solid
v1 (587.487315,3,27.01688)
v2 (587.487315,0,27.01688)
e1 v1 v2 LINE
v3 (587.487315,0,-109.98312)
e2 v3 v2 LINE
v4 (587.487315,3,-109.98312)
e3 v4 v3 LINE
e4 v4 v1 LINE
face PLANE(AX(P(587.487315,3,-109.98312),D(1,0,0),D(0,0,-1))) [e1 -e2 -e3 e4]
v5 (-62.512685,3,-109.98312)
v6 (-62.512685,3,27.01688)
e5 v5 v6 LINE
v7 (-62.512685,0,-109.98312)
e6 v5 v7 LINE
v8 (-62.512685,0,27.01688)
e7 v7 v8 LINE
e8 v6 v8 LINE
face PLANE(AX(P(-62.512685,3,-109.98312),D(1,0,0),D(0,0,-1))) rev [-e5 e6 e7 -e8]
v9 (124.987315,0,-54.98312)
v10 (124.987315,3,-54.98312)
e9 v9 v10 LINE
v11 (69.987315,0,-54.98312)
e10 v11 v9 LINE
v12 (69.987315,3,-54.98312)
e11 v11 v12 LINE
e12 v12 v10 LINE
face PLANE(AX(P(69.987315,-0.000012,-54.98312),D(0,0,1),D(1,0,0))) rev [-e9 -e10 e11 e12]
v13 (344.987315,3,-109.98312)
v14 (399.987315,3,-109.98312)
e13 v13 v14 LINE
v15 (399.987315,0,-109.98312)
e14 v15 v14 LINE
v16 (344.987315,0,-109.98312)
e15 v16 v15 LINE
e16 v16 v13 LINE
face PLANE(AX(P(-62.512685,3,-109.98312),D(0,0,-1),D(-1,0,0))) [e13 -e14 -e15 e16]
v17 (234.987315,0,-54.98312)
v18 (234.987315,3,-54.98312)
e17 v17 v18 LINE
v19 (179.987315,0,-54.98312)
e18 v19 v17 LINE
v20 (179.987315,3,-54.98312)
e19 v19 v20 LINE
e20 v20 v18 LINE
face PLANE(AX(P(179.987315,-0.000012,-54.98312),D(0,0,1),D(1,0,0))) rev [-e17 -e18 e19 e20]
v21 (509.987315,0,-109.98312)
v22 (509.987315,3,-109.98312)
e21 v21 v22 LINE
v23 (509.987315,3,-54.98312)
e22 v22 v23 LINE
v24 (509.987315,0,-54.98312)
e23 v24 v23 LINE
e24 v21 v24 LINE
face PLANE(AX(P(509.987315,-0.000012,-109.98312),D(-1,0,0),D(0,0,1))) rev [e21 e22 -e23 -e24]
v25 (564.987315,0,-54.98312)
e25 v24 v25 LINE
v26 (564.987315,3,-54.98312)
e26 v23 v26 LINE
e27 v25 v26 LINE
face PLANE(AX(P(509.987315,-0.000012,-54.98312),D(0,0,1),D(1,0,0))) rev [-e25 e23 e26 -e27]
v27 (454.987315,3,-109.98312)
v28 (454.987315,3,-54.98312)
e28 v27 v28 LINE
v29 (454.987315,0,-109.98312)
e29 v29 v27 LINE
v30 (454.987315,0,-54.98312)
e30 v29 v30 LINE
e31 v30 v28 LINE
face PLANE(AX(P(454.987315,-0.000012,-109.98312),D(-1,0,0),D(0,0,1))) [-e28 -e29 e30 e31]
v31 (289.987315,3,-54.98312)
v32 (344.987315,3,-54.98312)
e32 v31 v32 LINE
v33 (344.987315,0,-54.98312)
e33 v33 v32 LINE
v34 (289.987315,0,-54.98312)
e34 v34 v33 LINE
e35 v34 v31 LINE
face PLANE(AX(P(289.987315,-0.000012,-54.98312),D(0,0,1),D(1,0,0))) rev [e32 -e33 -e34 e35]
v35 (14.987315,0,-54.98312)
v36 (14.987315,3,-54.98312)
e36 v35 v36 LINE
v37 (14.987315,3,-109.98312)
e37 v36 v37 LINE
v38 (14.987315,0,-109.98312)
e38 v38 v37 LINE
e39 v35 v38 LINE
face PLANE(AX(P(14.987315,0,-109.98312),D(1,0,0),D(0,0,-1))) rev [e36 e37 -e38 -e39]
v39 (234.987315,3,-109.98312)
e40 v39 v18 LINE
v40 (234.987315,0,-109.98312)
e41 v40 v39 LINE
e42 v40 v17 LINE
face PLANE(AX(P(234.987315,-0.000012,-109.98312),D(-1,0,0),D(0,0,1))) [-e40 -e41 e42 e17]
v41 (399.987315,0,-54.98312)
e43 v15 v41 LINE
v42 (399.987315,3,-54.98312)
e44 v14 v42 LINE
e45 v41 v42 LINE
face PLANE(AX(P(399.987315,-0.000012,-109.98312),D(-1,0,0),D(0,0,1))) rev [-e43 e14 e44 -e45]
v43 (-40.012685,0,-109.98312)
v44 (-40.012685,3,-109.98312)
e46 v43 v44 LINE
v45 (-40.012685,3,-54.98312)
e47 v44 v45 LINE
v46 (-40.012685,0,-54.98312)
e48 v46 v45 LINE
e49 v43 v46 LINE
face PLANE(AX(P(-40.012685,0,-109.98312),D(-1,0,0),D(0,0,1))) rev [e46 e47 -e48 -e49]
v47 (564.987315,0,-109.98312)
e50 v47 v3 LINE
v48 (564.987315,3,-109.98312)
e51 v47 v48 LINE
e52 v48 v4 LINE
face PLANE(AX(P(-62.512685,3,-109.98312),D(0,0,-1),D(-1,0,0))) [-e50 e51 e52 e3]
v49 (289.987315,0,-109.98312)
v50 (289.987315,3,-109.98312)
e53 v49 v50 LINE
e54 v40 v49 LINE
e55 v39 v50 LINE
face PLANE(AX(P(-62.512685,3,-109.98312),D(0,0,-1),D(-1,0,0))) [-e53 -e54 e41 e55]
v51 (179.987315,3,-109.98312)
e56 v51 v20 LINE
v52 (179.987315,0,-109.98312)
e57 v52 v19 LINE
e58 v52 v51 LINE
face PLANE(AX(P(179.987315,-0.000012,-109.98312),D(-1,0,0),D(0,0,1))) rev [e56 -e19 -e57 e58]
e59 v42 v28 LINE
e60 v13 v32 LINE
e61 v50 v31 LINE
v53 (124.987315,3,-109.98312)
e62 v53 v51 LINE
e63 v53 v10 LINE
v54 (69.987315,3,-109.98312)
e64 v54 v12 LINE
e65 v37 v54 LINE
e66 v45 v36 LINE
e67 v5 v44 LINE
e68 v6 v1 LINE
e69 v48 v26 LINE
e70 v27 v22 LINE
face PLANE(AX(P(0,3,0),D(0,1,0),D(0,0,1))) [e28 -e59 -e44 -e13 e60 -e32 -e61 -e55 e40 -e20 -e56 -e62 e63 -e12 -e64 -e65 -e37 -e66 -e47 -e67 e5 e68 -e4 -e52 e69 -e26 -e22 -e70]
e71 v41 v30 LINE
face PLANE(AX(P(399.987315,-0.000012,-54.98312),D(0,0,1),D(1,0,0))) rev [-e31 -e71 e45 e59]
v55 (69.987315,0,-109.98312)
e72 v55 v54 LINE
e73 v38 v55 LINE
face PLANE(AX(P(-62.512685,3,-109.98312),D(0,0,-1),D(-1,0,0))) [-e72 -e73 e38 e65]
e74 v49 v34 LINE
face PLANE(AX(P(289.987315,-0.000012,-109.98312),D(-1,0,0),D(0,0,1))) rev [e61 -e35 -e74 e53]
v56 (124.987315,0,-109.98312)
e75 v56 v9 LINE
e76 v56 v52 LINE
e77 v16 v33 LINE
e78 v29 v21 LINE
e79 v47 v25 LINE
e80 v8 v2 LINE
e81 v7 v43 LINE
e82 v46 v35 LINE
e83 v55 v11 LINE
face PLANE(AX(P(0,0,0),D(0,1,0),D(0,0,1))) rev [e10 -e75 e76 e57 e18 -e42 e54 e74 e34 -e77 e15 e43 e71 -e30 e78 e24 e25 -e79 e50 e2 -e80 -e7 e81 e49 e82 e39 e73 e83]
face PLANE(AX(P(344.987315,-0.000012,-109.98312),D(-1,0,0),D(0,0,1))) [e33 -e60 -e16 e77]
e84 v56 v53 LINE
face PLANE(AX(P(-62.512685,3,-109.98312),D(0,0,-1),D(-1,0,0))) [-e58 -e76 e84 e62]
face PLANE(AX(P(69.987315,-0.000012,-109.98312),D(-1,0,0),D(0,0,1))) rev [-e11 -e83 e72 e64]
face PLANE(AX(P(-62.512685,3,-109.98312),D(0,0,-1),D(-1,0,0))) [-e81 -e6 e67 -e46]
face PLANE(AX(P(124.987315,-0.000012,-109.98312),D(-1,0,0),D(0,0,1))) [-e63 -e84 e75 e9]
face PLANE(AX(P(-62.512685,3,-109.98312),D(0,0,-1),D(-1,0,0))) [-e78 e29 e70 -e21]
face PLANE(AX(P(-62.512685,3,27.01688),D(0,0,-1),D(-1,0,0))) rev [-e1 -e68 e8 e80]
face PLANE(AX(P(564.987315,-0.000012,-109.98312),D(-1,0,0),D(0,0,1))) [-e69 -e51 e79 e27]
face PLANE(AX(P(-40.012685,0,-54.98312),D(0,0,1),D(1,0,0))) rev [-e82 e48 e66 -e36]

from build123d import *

# Parameters (mm, degrees)
SKETCH1_W               = 650
SKETCH1_H               = 137
BOSS_EXTRUDE1_DEPTH     = 3
CUT_EXTRUDE2_DEPTH      = 598.701122593
CUT_EXTRUDE2_DEPTH_BACK = 598.701122593
SKETCH2_W               = 55
SKETCH2_H               = 55
SKETCH3_W               = 55
SKETCH3_H               = 55
CUT_EXTRUDE3_DEPTH      = 598.701122593


with BuildPart() as part:
    # Sketch1 → Boss-Extrude1 (new body)
    with BuildSketch(Plane(origin=(0, 0, 0), x_dir=(1, 0, 0), z_dir=(0, 1, 0))):
        with Locations((262.487315064, 41.483119558)):
            Rectangle(SKETCH1_W, SKETCH1_H)
    extrude(amount=BOSS_EXTRUDE1_DEPTH)

    # Sketch2 → Cut-Extrude2 (cut, two sides: drawn at the far end of the back side and taken through both)
    with BuildSketch(Plane(origin=(0, 0, 0), x_dir=(1, 0, 0), z_dir=(0, 1, 0)).offset(-CUT_EXTRUDE2_DEPTH_BACK)):
        with Locations((97.487315064, 82.483119558)):
            Rectangle(SKETCH2_W, SKETCH2_H)
        with Locations((207.487315064, 82.483119558)):
            Rectangle(SKETCH2_W, SKETCH2_H)
        with Locations((317.487315064, 82.483119558)):
            Rectangle(SKETCH2_W, SKETCH2_H)
        with Locations((427.487315064, 82.483119558)):
            Rectangle(SKETCH2_W, SKETCH2_H)
        with Locations((537.487315064, 82.483119558)):
            Rectangle(SKETCH2_W, SKETCH2_H)
    extrude(amount=CUT_EXTRUDE2_DEPTH + CUT_EXTRUDE2_DEPTH_BACK, mode=Mode.SUBTRACT)

    # Sketch3 → Cut-Extrude3 (cut, through all)
    with BuildSketch(Plane(origin=(0, 3, 0), x_dir=(1, 0, 0), z_dir=(0, 1, 0))):
        with Locations((-12.512684936, 82.483119558)):
            Rectangle(SKETCH3_W, SKETCH3_H)
    extrude(amount=-CUT_EXTRUDE3_DEPTH, mode=Mode.SUBTRACT)


solid = part.part
